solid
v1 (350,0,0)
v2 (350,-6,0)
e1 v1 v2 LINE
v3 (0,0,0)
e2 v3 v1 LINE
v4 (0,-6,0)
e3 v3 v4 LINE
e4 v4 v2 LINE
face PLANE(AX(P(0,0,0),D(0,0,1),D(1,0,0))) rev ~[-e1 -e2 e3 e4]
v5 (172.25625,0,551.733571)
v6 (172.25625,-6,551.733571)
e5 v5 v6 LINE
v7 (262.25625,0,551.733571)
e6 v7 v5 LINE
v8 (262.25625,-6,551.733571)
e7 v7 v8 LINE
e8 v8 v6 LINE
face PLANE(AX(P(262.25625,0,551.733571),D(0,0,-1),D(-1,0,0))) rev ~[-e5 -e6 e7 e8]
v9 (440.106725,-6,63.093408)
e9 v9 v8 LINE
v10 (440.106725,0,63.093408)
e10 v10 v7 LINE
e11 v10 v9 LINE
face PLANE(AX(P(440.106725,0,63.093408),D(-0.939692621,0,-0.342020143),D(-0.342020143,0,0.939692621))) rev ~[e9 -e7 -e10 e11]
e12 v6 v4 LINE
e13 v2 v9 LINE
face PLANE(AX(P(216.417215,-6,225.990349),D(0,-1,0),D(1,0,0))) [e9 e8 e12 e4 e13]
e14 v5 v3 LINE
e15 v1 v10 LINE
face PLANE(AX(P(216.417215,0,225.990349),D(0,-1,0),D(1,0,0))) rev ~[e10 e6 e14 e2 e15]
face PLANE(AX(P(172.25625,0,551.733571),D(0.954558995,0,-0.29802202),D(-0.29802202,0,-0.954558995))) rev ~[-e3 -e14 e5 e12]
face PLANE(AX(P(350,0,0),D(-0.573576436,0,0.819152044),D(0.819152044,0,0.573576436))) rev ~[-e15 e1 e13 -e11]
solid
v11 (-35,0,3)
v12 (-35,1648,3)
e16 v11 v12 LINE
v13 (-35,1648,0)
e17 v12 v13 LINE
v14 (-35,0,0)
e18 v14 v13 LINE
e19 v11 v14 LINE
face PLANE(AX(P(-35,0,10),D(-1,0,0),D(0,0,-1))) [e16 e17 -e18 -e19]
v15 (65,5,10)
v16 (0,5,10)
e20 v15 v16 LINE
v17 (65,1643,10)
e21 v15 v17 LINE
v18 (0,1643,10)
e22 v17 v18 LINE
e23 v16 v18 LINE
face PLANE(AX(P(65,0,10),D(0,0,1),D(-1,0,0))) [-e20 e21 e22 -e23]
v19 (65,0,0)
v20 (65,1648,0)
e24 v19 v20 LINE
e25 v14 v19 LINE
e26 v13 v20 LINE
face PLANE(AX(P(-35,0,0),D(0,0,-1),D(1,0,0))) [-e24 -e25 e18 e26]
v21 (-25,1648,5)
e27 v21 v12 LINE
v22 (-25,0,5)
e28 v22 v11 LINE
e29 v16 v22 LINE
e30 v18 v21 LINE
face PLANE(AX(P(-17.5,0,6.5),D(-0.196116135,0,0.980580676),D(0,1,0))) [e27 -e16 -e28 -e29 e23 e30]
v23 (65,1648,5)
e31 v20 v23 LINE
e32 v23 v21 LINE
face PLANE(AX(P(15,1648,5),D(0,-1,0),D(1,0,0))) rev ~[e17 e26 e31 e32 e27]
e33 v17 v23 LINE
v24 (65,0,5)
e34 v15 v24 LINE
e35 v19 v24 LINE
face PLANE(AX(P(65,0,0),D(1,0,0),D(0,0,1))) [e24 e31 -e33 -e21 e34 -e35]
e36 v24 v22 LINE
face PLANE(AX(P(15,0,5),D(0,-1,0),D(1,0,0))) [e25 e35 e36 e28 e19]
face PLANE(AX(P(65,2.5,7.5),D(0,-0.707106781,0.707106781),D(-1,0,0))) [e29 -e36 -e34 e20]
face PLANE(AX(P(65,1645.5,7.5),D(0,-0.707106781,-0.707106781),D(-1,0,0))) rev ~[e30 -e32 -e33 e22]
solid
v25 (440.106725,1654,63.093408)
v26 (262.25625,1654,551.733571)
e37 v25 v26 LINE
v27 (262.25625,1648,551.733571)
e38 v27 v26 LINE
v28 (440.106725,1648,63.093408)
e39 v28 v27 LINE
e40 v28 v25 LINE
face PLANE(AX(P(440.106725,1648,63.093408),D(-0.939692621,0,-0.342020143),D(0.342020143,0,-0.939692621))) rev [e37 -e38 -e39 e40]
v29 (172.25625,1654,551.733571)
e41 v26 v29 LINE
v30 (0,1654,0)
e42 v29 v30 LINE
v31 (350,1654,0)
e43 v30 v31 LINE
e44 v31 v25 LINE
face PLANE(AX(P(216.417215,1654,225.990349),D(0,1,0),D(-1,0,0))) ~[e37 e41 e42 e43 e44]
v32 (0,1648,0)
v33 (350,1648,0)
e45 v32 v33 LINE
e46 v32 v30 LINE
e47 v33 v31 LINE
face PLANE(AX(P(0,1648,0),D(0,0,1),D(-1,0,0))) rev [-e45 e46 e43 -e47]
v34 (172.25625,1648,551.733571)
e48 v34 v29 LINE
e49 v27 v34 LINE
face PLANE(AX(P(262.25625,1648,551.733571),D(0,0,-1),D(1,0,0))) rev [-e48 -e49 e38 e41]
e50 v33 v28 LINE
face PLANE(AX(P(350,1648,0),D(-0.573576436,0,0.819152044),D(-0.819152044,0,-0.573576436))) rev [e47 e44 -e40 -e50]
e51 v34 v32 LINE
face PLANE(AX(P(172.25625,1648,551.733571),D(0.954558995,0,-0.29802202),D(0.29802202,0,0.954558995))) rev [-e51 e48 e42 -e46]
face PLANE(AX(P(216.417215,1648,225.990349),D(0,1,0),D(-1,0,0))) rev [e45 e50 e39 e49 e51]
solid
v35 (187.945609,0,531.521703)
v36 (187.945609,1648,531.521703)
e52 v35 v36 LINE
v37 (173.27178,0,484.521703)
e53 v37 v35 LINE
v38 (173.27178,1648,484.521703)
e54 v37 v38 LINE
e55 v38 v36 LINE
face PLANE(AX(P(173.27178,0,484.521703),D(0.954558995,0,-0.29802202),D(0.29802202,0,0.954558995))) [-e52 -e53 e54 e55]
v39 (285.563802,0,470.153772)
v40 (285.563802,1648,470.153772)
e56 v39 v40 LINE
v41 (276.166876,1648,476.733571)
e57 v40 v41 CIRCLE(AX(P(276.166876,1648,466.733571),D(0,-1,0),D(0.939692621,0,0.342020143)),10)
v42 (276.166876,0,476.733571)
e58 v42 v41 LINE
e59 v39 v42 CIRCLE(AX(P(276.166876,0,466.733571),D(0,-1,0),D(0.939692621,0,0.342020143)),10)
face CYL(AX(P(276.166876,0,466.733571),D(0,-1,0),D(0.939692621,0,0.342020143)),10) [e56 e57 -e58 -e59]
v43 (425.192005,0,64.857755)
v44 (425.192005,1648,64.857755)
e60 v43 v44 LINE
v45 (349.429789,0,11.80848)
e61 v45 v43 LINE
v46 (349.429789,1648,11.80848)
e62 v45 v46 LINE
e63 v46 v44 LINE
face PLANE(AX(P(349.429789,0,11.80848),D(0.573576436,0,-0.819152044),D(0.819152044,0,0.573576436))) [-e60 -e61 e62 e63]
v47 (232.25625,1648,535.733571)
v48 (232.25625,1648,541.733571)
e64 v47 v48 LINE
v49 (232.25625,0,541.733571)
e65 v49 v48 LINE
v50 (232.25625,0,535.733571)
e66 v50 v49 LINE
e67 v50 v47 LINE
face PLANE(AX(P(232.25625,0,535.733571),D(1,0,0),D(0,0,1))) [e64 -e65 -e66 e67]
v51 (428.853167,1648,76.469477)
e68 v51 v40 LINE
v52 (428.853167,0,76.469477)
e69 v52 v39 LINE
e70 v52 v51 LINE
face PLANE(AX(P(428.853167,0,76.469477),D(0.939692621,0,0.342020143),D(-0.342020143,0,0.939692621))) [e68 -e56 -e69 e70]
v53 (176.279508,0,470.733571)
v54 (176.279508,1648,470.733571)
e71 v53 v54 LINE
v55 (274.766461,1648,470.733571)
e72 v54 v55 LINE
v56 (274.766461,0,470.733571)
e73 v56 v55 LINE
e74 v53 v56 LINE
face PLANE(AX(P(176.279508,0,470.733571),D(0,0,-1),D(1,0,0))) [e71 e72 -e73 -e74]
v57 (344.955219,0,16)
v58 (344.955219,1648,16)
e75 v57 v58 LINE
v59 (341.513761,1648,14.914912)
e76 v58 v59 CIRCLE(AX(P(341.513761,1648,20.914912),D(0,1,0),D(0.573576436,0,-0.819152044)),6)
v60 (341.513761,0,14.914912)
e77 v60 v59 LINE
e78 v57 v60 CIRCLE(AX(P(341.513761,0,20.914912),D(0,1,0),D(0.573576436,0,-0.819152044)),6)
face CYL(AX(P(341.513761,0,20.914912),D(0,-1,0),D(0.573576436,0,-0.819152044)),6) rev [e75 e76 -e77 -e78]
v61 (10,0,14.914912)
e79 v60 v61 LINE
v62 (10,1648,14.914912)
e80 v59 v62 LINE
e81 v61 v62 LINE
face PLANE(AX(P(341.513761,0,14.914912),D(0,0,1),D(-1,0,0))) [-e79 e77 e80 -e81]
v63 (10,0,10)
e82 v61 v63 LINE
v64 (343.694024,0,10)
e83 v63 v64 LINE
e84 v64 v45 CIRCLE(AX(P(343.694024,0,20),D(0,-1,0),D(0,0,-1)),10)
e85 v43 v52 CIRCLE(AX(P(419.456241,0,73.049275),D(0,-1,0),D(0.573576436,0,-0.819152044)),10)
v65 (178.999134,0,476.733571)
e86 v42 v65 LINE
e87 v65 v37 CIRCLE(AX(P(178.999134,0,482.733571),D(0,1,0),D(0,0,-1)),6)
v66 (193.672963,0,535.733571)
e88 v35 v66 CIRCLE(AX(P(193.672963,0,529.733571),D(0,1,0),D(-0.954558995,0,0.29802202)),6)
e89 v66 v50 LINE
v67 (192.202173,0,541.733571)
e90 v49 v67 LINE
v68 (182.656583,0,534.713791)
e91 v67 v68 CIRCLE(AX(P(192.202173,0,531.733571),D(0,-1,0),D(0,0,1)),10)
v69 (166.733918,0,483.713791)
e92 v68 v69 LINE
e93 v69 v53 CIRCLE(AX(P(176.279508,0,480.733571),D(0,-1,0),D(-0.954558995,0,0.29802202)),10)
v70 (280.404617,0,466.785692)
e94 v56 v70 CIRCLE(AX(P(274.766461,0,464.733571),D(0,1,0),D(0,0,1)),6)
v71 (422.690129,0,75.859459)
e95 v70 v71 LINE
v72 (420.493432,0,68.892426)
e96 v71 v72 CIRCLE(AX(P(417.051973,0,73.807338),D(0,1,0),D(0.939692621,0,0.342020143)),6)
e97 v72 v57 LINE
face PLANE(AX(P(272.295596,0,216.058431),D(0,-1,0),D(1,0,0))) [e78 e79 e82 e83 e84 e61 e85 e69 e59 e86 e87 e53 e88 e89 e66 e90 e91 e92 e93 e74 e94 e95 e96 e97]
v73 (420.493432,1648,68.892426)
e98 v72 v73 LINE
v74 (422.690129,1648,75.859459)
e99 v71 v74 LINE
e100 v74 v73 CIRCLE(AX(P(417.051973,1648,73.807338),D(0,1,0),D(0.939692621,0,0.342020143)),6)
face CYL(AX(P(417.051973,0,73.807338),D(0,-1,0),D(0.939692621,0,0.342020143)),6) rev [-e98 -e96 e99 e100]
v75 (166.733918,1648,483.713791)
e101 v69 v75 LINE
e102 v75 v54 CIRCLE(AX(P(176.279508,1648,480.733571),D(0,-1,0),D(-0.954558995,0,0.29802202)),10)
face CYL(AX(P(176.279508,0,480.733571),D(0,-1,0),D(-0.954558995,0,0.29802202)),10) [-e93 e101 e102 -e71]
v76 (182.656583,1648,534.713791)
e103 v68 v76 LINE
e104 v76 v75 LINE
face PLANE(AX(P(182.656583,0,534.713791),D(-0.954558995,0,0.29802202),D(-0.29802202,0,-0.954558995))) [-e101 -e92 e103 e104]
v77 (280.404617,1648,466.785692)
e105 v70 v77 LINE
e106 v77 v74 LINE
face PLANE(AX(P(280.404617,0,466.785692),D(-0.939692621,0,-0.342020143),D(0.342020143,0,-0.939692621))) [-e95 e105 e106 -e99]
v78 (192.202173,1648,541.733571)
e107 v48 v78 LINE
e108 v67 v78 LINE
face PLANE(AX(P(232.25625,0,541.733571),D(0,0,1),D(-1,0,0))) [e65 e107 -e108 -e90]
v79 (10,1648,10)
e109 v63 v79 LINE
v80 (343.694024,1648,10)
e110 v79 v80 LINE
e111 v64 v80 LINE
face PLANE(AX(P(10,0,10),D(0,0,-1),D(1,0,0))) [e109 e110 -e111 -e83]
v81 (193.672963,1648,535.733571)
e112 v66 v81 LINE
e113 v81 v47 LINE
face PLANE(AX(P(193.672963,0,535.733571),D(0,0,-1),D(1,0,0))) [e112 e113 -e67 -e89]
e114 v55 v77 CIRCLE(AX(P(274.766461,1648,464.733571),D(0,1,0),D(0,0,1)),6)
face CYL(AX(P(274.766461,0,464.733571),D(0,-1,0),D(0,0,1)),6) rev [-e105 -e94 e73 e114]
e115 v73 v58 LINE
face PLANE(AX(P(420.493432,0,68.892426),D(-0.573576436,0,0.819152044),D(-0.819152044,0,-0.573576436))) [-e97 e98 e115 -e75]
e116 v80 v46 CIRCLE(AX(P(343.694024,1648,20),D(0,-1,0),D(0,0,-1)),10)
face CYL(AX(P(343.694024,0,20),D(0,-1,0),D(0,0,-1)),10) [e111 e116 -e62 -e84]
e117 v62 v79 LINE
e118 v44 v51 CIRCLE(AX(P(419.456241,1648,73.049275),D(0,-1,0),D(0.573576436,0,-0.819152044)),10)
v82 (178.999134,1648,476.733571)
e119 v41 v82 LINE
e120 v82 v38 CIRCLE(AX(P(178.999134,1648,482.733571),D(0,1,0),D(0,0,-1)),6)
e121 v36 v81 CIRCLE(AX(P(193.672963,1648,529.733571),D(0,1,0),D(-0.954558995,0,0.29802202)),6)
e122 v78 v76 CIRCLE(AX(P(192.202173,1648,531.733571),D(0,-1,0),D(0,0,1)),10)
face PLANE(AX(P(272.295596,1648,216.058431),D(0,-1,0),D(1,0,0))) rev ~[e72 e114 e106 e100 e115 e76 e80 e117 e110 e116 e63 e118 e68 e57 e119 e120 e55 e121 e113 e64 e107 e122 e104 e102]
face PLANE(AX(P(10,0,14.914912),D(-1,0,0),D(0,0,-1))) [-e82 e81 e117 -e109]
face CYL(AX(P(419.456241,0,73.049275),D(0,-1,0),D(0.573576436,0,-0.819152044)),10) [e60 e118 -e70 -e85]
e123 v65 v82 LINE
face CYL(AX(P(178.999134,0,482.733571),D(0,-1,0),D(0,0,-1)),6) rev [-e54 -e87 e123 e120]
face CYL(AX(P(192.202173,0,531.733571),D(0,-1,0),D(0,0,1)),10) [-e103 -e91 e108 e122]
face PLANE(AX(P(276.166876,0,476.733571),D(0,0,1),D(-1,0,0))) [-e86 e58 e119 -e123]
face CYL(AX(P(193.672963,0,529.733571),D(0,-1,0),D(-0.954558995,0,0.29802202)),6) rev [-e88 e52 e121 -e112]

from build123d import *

# Parameters (mm, degrees)
F1_DEPTH = 6
F3_DEPTH = 1648
F6_DEPTH = 1648
F7_SIZE2 = 7
F7_SIZE  = 35
F8_SIZE  = 5


with BuildPart() as f1:
    # F0 (on Front) → F1 (new body)
    with BuildSketch(Plane.XZ):
        Polygon((172.2562503424, 551.7335708073), (0, 0), (350, 0), (440.1067248718, 63.0934079986), (262.2562503424, 551.7335708073), align=None)
    extrude(amount=F1_DEPTH)


with BuildPart() as f3:
    # F2 (on Front) → F3 (new body)
    with BuildSketch(Plane.XZ):
        with BuildLine():
            Line((232.2562503424, 541.7335708073), (192.2021726929, 541.7335708073))
            ThreePointArc((192.2021726929, 541.7335708073), (186.277740315, 539.7896927651), (182.6565827394, 534.7137910072))
            Line((182.6565827394, 534.7137910072), (166.7339178296, 483.7137910072))
            ThreePointArc((166.7339178296, 483.7137910072), (168.2233858253, 474.8091384294), (176.2795077831, 470.7335708073))
            Line((176.2795077831, 470.7335708073), (274.766460819, 470.7335708073))
            ThreePointArc((274.766460819, 470.7335708073), (278.2079194371, 469.648483073), (280.4046165437, 466.7856916672))
            Line((280.4046165437, 466.7856916672), (422.6901290366, 75.8594589775))
            ThreePointArc((422.6901290366, 75.8594589775), (422.7742750164, 72.0031033206), (420.49343193, 68.8924258519))
            Line((420.49343193, 68.8924258519), (344.9552193779, 16))
            ThreePointArc((344.9552193779, 16), (343.3179955569, 15.1926105612), (341.5137607598, 14.9149122657))
            Line((341.5137607598, 14.9149122657), (10, 14.9149122657))
            Line((10, 14.9149122657), (10, 10))
            Line((10, 10), (65, 10))
            Line((65, 10), (343.6940242224, 10))
            ThreePointArc((343.6940242224, 10), (346.7010822175, 10.4628304925), (349.4297885859, 11.8084795571))
            Line((349.4297885859, 11.8084795571), (425.1920054898, 64.8577549447))
            ThreePointArc((425.1920054898, 64.8577549447), (428.9934106338, 70.0422173925), (428.8531673342, 76.4694768208))
            Line((428.8531673342, 76.4694768208), (285.5638021033, 470.1537722405))
            ThreePointArc((285.5638021033, 470.1537722405), (281.902640259, 474.9250912502), (276.1668758955, 476.7335708073))
            Line((276.1668758955, 476.7335708073), (178.9991343883, 476.7335708073))
            ThreePointArc((178.9991343883, 476.7335708073), (174.1654612136, 479.1789113805), (173.2717804162, 484.5217029272))
            Line((173.2717804162, 484.5217029272), (187.9456088625, 531.5217029272))
            ThreePointArc((187.9456088625, 531.5217029272), (190.1183034079, 534.567243982), (193.6729628346, 535.7335708073))
            Line((193.6729628346, 535.7335708073), (232.2562503424, 535.7335708073))
            Line((232.2562503424, 535.7335708073), (232.2562503424, 541.7335708073))
        make_face()
    extrude(amount=-F3_DEPTH)


with BuildPart() as f5_1:
    # F5: instance of F1
    add(f1.part.mirror(Plane(origin=(221.411542994, 824, 218.4541908403), x_dir=(1, 0, 0), z_dir=(0, 1, 0))))


with BuildPart() as f6:
    # F2 (on Front) → F6 (new body)
    with BuildSketch(Plane.XZ):
        Polygon((65, 10), (10, 10), (-35, 10), (-35, 0), (65, 0), align=None)
    extrude(amount=-F6_DEPTH)

    # F7
    f7_edges = [f6.edges().sort_by_distance(p)[0] for p in [
        (-35, 824, 10),
    ]]
    f7_side = f6.faces().sort_by_distance((15, 824, 10))[0]
    chamfer(f7_edges, length=F7_SIZE, length2=F7_SIZE2, reference=f7_side)

    # F8
    f8_edges = [f6.edges().sort_by_distance(p)[0] for p in [
        (32.5, 0, 10),
        (32.5, 1648, 10),
    ]]
    chamfer(f8_edges, length=F8_SIZE)


solid = Compound([f1.part, f3.part, f5_1.part, f6.part])
